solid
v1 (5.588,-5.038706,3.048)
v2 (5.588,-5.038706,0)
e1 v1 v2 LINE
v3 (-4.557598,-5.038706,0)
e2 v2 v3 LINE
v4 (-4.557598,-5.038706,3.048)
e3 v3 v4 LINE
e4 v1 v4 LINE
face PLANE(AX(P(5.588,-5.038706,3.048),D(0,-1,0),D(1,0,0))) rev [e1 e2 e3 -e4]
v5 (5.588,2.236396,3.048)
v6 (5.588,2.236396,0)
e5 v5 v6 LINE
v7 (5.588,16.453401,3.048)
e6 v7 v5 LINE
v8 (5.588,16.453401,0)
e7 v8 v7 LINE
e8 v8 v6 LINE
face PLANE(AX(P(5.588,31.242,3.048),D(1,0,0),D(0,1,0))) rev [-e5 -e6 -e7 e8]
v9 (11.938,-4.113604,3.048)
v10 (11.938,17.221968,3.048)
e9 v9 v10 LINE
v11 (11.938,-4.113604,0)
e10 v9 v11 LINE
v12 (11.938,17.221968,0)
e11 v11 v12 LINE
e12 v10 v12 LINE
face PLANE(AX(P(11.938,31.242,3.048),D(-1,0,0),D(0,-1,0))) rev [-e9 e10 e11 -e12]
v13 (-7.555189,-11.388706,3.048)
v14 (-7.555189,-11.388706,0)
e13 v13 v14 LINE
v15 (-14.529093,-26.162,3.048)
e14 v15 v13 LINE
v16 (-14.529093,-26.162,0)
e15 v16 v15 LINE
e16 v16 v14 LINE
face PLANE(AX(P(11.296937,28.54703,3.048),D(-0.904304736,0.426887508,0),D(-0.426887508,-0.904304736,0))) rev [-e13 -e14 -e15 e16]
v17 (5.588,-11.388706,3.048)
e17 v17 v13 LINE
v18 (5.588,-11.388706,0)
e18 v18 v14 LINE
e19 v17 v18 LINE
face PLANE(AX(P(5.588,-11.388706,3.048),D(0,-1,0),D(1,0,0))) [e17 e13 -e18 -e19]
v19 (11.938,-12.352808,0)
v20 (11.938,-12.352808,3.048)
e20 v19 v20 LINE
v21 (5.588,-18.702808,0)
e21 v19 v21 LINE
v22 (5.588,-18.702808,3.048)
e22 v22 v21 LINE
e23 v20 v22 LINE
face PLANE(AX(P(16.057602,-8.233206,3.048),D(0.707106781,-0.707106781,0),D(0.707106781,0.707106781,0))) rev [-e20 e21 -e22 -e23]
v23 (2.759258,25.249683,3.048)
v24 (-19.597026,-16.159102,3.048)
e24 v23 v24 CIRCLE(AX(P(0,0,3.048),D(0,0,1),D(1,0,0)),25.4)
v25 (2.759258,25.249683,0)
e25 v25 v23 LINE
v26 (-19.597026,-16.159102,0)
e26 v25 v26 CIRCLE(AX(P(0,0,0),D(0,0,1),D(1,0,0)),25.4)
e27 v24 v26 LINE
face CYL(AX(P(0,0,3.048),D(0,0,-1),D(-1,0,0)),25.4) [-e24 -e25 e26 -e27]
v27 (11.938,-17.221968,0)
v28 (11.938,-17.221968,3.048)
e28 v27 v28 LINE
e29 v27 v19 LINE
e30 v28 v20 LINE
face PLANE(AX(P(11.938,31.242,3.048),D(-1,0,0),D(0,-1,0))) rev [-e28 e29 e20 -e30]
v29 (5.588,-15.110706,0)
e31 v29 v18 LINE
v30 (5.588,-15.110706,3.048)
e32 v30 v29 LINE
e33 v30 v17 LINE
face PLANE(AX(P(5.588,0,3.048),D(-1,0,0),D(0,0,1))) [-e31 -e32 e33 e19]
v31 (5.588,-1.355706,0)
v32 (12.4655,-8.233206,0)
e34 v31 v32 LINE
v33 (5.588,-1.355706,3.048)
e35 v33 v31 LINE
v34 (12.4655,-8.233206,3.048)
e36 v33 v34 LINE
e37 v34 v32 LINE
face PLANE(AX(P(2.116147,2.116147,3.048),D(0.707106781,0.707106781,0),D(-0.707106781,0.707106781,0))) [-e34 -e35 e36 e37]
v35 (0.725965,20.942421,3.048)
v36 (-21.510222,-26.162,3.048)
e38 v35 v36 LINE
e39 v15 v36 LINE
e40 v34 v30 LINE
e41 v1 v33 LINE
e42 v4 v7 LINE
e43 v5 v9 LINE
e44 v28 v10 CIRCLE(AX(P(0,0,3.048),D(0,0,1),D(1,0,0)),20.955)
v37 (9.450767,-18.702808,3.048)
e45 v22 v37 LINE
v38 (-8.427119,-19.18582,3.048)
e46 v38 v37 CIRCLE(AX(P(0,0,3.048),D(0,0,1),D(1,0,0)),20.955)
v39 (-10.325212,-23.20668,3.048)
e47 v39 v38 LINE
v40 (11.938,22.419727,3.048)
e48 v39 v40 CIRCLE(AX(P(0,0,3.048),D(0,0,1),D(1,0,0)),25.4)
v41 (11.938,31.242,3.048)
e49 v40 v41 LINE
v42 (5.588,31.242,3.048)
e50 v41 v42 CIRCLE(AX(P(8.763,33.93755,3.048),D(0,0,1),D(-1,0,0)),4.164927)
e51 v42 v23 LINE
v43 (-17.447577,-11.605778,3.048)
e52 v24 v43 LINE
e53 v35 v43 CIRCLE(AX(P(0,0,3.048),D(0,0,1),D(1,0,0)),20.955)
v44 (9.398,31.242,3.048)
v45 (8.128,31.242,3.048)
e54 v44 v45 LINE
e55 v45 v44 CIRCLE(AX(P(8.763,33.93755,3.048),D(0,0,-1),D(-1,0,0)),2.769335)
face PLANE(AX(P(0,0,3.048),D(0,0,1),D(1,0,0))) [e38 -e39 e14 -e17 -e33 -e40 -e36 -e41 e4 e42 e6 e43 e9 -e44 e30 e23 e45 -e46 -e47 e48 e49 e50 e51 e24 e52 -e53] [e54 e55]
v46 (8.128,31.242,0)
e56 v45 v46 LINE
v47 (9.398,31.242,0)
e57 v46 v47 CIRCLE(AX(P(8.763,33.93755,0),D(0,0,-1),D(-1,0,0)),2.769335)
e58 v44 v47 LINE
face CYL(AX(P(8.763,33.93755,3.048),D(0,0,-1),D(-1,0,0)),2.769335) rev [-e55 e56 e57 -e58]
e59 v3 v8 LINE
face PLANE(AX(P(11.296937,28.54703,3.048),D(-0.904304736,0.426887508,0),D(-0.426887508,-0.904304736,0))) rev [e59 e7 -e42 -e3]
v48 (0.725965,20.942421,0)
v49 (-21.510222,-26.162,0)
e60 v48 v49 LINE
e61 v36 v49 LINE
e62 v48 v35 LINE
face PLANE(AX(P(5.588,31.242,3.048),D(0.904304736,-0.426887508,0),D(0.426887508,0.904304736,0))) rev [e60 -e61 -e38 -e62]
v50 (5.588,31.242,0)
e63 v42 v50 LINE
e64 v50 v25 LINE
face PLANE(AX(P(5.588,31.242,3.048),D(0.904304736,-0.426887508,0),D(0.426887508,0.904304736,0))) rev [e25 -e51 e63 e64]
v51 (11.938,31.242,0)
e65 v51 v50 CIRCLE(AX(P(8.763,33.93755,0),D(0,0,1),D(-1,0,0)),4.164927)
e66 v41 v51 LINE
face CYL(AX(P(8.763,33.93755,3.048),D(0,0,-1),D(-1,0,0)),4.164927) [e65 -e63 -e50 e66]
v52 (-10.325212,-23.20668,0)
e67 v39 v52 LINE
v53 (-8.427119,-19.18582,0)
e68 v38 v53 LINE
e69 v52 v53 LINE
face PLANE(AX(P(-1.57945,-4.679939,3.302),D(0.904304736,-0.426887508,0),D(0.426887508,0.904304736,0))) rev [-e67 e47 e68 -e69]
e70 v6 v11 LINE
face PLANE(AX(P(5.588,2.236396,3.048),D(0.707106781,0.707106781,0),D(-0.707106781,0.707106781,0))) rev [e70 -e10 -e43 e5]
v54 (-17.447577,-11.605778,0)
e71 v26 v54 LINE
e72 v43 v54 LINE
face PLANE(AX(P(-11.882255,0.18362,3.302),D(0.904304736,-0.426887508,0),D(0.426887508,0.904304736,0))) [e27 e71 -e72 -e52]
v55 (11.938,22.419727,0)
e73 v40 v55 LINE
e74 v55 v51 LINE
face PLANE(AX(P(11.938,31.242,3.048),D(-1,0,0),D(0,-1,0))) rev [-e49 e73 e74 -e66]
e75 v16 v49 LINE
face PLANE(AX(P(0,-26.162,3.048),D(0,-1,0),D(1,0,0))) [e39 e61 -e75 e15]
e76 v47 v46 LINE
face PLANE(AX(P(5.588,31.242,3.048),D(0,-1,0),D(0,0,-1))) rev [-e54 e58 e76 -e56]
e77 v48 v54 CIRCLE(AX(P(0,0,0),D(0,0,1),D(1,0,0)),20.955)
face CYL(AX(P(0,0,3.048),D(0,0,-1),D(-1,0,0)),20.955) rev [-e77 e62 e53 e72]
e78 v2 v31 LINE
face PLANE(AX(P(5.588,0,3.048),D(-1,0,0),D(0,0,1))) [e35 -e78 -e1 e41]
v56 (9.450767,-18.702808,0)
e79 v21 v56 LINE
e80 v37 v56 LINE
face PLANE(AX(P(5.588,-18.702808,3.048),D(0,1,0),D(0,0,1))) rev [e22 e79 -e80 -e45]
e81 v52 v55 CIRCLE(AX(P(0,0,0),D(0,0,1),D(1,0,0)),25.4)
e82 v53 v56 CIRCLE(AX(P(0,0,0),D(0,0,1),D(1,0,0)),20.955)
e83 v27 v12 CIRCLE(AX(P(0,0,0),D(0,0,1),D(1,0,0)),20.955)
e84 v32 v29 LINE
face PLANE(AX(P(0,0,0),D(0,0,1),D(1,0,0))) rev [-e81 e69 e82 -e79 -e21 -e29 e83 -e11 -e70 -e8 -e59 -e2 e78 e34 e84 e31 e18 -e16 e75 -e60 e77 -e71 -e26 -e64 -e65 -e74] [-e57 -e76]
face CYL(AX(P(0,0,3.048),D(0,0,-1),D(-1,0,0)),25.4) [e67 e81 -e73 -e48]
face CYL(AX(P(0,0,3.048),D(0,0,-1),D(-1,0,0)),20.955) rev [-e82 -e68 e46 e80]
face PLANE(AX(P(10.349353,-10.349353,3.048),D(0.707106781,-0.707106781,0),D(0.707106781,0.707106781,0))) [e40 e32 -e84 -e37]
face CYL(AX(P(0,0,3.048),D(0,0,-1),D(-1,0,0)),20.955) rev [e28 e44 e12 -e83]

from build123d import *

# Parameters (mm, degrees)
SKETCH2_R           = 25.4
SKETCH2_R_2         = 20.955
BOSS_EXTRUDE1_DEPTH = 3.048
SKETCH3_W           = 6.35
SKETCH3_H           = 49.944808163
BOSS_EXTRUDE2_DEPTH = 3.048
CUT_EXTRUDE1_DEPTH  = 3.302
BOSS_EXTRUDE3_DEPTH = 3.048
CUT_EXTRUDE2_DEPTH  = 3.048
SKETCH12_W          = 13.143188689
SKETCH12_H          = 6.35
BOSS_EXTRUDE5_DEPTH = 3.048
SKETCH6_W           = 27.175313858
SKETCH6_H           = 4.151974609
CUT_EXTRUDE4_DEPTH  = 3.048
BOSS_EXTRUDE6_DEPTH = 3.048


with BuildPart() as part:
    # Sketch2 → Boss-Extrude1 (new body)
    with BuildSketch(Plane.XY):
        Circle(SKETCH2_R)
        Circle(SKETCH2_R_2, mode=Mode.SUBTRACT)
    extrude(amount=BOSS_EXTRUDE1_DEPTH)

    # Sketch3 → Boss-Extrude2 (add)
    with BuildSketch(Plane.XY):
        with Locations((8.763, 6.269595919)):
            Rectangle(SKETCH3_W, SKETCH3_H)
    extrude(amount=BOSS_EXTRUDE2_DEPTH)

    # Sketch8 → Cut-Extrude1 (cut)
    with BuildSketch(Plane.XY):
        Polygon((-11.882255203, 0.183619794), (-24.319009678, -26.162), (-14.01620416, -31.025558483), (-1.579449685, -4.679938689), align=None)
    extrude(amount=CUT_EXTRUDE1_DEPTH, mode=Mode.SUBTRACT)

    # Sketch7 → Boss-Extrude3 (add)
    with BuildSketch(Plane.XY):
        Polygon((5.588, 31.242), (-21.510222, -26.162), (-15.801284542, -28.856969943), (11.296937458, 28.547030057), align=None)
    extrude(amount=BOSS_EXTRUDE3_DEPTH)

    # Sketch9 → Cut-Extrude2 (cut)
    with BuildSketch(Plane.XY):
        Polygon((5.588, -18.702808163), (5.588, 2.236396155), (16.057602159, -8.233206004), align=None)
    extrude(amount=CUT_EXTRUDE2_DEPTH, mode=Mode.SUBTRACT)

    # Sketch12 → Boss-Extrude5 (add)
    with BuildSketch(Plane.XY):
        Polygon((5.588, -15.110705714), (5.588, -1.355706294), (12.46549971, -8.233206004), align=None)
        with Locations((-0.983594345, -8.213706294)):
            Rectangle(SKETCH12_W, SKETCH12_H)
    extrude(amount=BOSS_EXTRUDE5_DEPTH)

    # Sketch6 → Cut-Extrude4 (cut)
    with BuildSketch(Plane.XY):
        with Locations((-13.587656929, -28.237987305)):
            Rectangle(SKETCH6_W, SKETCH6_H)
    extrude(amount=CUT_EXTRUDE4_DEPTH, mode=Mode.SUBTRACT)

    # Sketch13 → Boss-Extrude6 (add)
    with BuildSketch(Plane.XY):
        with BuildLine():
            Line((5.588, 31.242), (8.128, 31.242))
            ThreePointArc((8.128, 31.242), (8.763, 36.706884628), (9.398, 31.242))
            Line((9.398, 31.242), (11.938, 31.242))
            ThreePointArc((11.938, 31.242), (8.763, 38.102476668), (5.588, 31.242))
        make_face()
    extrude(amount=BOSS_EXTRUDE6_DEPTH)


solid = part.part
